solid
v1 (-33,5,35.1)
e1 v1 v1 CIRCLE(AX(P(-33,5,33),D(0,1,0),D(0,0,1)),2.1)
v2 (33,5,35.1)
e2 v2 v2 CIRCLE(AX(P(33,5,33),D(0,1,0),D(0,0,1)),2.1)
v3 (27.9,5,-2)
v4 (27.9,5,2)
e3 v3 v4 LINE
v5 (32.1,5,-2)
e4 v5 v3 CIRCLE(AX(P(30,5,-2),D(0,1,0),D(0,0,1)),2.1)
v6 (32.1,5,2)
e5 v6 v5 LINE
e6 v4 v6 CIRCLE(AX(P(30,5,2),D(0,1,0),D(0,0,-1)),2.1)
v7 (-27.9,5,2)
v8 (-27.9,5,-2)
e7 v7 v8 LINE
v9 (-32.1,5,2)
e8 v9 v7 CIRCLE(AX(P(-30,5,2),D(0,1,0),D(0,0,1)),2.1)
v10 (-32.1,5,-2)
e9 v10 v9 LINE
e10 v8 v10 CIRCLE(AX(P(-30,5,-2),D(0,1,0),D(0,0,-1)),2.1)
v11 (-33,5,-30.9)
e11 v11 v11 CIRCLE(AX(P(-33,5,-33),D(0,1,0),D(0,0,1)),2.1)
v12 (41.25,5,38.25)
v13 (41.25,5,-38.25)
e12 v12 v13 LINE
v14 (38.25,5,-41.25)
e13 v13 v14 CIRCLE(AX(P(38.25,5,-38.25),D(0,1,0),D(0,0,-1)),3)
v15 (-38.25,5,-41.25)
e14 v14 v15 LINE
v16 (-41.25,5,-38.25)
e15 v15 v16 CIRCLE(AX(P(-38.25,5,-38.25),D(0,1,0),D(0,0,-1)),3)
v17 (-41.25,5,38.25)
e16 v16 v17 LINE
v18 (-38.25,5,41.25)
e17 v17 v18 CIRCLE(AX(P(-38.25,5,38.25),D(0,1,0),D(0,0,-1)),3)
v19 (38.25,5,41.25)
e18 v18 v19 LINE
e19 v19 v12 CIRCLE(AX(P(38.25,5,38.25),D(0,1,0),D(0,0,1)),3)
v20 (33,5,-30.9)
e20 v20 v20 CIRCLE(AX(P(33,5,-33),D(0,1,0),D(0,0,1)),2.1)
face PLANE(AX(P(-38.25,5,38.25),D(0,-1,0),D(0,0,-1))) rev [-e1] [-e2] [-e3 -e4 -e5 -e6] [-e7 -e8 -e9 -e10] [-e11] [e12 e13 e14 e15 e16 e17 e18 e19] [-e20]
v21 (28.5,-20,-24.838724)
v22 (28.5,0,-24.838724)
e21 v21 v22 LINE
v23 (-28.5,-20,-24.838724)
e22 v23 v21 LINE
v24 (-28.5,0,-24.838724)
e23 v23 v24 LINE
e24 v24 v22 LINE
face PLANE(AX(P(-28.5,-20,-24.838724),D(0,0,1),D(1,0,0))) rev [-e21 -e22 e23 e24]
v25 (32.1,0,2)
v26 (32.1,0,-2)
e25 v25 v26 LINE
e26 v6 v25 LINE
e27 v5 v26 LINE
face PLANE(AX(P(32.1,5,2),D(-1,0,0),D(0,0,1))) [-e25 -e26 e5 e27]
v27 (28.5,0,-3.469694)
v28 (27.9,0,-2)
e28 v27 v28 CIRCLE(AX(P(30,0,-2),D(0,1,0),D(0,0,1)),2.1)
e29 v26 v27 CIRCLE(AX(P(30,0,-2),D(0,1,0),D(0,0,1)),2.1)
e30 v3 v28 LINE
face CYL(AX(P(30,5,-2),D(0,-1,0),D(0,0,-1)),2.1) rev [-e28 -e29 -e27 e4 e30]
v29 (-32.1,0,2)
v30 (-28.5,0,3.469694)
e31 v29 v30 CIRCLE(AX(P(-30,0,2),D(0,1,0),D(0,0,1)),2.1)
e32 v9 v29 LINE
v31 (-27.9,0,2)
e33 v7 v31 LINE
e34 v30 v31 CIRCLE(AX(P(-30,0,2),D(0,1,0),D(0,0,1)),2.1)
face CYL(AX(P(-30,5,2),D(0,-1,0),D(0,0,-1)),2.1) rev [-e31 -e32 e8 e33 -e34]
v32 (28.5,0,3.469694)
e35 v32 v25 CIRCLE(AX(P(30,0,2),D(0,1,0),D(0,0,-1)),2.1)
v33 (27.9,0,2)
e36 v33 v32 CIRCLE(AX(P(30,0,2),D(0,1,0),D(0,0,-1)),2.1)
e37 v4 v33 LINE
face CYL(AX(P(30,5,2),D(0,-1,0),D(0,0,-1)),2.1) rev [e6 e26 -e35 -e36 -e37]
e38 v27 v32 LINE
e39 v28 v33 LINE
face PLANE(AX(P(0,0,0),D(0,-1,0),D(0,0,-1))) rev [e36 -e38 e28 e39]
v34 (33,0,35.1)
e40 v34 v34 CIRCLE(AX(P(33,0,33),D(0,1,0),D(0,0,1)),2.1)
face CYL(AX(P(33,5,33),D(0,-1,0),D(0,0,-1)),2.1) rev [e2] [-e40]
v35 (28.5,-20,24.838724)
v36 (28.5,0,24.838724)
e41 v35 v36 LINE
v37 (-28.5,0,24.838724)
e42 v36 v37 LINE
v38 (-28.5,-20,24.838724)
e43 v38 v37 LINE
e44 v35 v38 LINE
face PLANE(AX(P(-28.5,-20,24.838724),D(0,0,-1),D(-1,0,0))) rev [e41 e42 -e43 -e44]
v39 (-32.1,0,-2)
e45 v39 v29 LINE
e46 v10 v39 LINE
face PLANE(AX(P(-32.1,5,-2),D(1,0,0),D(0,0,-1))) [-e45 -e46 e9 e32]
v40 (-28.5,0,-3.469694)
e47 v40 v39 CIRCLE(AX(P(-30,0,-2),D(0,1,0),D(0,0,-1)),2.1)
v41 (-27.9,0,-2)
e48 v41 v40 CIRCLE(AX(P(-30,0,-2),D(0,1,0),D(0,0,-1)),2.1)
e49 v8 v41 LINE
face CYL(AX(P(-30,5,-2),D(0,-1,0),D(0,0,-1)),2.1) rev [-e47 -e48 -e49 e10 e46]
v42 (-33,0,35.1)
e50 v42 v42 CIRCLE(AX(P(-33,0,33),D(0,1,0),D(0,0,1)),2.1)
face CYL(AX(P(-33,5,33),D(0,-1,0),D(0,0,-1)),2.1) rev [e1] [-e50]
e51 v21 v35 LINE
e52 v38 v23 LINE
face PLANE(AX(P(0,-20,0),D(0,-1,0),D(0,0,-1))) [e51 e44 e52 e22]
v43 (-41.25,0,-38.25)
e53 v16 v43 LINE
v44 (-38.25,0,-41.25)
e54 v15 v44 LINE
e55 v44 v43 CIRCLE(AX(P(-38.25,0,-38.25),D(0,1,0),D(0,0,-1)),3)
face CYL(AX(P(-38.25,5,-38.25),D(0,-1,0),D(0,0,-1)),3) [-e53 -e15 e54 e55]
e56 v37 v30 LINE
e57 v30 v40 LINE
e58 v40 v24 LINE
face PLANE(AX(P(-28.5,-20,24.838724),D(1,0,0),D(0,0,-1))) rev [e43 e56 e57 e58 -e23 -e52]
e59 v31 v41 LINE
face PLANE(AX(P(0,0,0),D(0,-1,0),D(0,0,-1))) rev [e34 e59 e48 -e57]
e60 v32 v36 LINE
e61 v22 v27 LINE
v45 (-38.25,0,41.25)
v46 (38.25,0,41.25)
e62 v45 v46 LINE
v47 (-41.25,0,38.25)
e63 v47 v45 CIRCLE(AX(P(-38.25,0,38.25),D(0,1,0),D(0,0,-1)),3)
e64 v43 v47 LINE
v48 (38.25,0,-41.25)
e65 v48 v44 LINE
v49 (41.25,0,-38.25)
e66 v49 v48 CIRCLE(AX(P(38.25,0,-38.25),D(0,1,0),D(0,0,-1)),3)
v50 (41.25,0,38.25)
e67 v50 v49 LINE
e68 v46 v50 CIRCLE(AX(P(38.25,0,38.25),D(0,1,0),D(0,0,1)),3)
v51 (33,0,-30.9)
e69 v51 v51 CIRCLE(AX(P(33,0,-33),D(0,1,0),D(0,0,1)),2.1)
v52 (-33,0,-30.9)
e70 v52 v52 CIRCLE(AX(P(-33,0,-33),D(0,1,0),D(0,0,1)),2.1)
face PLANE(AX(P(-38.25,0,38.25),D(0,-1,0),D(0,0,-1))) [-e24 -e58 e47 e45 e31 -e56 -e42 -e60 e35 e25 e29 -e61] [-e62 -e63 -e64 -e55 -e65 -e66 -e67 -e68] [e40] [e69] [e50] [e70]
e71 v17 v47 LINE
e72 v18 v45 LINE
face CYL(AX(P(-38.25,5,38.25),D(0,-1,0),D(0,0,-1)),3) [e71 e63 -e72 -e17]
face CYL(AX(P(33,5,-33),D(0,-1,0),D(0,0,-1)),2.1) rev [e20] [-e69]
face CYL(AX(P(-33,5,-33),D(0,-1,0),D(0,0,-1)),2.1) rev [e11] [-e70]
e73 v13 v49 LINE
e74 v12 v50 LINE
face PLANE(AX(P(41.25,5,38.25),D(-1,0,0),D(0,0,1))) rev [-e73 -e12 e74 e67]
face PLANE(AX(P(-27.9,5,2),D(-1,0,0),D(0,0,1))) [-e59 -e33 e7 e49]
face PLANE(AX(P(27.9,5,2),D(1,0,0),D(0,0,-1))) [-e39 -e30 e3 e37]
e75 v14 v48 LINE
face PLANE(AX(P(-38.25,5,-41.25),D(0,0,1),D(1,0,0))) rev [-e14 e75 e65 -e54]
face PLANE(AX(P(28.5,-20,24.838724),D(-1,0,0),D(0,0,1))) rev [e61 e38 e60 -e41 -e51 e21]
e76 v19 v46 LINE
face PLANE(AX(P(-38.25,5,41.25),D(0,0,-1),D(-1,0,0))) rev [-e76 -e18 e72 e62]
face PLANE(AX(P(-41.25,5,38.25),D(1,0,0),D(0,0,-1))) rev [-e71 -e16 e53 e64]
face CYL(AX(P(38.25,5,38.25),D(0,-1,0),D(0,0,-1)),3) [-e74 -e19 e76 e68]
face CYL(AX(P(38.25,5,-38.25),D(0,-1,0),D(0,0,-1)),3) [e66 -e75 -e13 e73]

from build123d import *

# Parameters (mm, degrees)
SKETCH_1_R      = 2.1
EXTRUDE_1_DEPTH = 5
SKETCH_2_W      = 57
SKETCH_2_H      = 49.677447992
EXTRUDE_2_DEPTH = 20


with BuildPart() as part:
    # Эскиз1 → Бобышка-Вытянуть1 (new body)
    with BuildSketch(Plane(origin=(0, 0, 0), x_dir=(1, 0, 0), z_dir=(0, 1, 0))):
        with BuildLine():
            Line((-38.25, -41.25), (38.25, -41.25))
            ThreePointArc((38.25, -41.25), (40.371320344, -40.371320344), (41.25, -38.25))
            Line((41.25, -38.25), (41.25, 38.25))
            ThreePointArc((41.25, 38.25), (40.371320344, 40.371320344), (38.25, 41.25))
            Line((38.25, 41.25), (-38.25, 41.25))
            ThreePointArc((-38.25, 41.25), (-40.371320344, 40.371320344), (-41.25, 38.25))
            Line((-41.25, 38.25), (-41.25, -38.25))
            ThreePointArc((-41.25, -38.25), (-40.371320344, -40.371320344), (-38.25, -41.25))
        make_face()
        with Locations((-33, 33)):
            Circle(SKETCH_1_R, mode=Mode.SUBTRACT)
        with Locations((33, 33)):
            Circle(SKETCH_1_R, mode=Mode.SUBTRACT)
        with Locations((33, -33)):
            Circle(SKETCH_1_R, mode=Mode.SUBTRACT)
        with Locations((-33, -33)):
            Circle(SKETCH_1_R, mode=Mode.SUBTRACT)
        with BuildLine():
            Line((-32.1, 2), (-32.1, -2))
            ThreePointArc((-32.1, -2), (-30, -4.1), (-27.9, -2))
            Line((-27.9, -2), (-27.9, 2))
            ThreePointArc((-27.9, 2), (-30, 4.1), (-32.1, 2))
        make_face(mode=Mode.SUBTRACT)
        with BuildLine():
            Line((32.1, -2), (32.1, 2))
            ThreePointArc((32.1, 2), (30, 4.1), (27.9, 2))
            Line((27.9, 2), (27.9, -2))
            ThreePointArc((27.9, -2), (30, -4.1), (32.1, -2))
        make_face(mode=Mode.SUBTRACT)
    extrude(amount=EXTRUDE_1_DEPTH)

    # Эскиз2 → Бобышка-Вытянуть2 (add)
    with BuildSketch(Plane.XZ):
        Rectangle(SKETCH_2_W, SKETCH_2_H)
    extrude(amount=EXTRUDE_2_DEPTH)


solid = part.part
